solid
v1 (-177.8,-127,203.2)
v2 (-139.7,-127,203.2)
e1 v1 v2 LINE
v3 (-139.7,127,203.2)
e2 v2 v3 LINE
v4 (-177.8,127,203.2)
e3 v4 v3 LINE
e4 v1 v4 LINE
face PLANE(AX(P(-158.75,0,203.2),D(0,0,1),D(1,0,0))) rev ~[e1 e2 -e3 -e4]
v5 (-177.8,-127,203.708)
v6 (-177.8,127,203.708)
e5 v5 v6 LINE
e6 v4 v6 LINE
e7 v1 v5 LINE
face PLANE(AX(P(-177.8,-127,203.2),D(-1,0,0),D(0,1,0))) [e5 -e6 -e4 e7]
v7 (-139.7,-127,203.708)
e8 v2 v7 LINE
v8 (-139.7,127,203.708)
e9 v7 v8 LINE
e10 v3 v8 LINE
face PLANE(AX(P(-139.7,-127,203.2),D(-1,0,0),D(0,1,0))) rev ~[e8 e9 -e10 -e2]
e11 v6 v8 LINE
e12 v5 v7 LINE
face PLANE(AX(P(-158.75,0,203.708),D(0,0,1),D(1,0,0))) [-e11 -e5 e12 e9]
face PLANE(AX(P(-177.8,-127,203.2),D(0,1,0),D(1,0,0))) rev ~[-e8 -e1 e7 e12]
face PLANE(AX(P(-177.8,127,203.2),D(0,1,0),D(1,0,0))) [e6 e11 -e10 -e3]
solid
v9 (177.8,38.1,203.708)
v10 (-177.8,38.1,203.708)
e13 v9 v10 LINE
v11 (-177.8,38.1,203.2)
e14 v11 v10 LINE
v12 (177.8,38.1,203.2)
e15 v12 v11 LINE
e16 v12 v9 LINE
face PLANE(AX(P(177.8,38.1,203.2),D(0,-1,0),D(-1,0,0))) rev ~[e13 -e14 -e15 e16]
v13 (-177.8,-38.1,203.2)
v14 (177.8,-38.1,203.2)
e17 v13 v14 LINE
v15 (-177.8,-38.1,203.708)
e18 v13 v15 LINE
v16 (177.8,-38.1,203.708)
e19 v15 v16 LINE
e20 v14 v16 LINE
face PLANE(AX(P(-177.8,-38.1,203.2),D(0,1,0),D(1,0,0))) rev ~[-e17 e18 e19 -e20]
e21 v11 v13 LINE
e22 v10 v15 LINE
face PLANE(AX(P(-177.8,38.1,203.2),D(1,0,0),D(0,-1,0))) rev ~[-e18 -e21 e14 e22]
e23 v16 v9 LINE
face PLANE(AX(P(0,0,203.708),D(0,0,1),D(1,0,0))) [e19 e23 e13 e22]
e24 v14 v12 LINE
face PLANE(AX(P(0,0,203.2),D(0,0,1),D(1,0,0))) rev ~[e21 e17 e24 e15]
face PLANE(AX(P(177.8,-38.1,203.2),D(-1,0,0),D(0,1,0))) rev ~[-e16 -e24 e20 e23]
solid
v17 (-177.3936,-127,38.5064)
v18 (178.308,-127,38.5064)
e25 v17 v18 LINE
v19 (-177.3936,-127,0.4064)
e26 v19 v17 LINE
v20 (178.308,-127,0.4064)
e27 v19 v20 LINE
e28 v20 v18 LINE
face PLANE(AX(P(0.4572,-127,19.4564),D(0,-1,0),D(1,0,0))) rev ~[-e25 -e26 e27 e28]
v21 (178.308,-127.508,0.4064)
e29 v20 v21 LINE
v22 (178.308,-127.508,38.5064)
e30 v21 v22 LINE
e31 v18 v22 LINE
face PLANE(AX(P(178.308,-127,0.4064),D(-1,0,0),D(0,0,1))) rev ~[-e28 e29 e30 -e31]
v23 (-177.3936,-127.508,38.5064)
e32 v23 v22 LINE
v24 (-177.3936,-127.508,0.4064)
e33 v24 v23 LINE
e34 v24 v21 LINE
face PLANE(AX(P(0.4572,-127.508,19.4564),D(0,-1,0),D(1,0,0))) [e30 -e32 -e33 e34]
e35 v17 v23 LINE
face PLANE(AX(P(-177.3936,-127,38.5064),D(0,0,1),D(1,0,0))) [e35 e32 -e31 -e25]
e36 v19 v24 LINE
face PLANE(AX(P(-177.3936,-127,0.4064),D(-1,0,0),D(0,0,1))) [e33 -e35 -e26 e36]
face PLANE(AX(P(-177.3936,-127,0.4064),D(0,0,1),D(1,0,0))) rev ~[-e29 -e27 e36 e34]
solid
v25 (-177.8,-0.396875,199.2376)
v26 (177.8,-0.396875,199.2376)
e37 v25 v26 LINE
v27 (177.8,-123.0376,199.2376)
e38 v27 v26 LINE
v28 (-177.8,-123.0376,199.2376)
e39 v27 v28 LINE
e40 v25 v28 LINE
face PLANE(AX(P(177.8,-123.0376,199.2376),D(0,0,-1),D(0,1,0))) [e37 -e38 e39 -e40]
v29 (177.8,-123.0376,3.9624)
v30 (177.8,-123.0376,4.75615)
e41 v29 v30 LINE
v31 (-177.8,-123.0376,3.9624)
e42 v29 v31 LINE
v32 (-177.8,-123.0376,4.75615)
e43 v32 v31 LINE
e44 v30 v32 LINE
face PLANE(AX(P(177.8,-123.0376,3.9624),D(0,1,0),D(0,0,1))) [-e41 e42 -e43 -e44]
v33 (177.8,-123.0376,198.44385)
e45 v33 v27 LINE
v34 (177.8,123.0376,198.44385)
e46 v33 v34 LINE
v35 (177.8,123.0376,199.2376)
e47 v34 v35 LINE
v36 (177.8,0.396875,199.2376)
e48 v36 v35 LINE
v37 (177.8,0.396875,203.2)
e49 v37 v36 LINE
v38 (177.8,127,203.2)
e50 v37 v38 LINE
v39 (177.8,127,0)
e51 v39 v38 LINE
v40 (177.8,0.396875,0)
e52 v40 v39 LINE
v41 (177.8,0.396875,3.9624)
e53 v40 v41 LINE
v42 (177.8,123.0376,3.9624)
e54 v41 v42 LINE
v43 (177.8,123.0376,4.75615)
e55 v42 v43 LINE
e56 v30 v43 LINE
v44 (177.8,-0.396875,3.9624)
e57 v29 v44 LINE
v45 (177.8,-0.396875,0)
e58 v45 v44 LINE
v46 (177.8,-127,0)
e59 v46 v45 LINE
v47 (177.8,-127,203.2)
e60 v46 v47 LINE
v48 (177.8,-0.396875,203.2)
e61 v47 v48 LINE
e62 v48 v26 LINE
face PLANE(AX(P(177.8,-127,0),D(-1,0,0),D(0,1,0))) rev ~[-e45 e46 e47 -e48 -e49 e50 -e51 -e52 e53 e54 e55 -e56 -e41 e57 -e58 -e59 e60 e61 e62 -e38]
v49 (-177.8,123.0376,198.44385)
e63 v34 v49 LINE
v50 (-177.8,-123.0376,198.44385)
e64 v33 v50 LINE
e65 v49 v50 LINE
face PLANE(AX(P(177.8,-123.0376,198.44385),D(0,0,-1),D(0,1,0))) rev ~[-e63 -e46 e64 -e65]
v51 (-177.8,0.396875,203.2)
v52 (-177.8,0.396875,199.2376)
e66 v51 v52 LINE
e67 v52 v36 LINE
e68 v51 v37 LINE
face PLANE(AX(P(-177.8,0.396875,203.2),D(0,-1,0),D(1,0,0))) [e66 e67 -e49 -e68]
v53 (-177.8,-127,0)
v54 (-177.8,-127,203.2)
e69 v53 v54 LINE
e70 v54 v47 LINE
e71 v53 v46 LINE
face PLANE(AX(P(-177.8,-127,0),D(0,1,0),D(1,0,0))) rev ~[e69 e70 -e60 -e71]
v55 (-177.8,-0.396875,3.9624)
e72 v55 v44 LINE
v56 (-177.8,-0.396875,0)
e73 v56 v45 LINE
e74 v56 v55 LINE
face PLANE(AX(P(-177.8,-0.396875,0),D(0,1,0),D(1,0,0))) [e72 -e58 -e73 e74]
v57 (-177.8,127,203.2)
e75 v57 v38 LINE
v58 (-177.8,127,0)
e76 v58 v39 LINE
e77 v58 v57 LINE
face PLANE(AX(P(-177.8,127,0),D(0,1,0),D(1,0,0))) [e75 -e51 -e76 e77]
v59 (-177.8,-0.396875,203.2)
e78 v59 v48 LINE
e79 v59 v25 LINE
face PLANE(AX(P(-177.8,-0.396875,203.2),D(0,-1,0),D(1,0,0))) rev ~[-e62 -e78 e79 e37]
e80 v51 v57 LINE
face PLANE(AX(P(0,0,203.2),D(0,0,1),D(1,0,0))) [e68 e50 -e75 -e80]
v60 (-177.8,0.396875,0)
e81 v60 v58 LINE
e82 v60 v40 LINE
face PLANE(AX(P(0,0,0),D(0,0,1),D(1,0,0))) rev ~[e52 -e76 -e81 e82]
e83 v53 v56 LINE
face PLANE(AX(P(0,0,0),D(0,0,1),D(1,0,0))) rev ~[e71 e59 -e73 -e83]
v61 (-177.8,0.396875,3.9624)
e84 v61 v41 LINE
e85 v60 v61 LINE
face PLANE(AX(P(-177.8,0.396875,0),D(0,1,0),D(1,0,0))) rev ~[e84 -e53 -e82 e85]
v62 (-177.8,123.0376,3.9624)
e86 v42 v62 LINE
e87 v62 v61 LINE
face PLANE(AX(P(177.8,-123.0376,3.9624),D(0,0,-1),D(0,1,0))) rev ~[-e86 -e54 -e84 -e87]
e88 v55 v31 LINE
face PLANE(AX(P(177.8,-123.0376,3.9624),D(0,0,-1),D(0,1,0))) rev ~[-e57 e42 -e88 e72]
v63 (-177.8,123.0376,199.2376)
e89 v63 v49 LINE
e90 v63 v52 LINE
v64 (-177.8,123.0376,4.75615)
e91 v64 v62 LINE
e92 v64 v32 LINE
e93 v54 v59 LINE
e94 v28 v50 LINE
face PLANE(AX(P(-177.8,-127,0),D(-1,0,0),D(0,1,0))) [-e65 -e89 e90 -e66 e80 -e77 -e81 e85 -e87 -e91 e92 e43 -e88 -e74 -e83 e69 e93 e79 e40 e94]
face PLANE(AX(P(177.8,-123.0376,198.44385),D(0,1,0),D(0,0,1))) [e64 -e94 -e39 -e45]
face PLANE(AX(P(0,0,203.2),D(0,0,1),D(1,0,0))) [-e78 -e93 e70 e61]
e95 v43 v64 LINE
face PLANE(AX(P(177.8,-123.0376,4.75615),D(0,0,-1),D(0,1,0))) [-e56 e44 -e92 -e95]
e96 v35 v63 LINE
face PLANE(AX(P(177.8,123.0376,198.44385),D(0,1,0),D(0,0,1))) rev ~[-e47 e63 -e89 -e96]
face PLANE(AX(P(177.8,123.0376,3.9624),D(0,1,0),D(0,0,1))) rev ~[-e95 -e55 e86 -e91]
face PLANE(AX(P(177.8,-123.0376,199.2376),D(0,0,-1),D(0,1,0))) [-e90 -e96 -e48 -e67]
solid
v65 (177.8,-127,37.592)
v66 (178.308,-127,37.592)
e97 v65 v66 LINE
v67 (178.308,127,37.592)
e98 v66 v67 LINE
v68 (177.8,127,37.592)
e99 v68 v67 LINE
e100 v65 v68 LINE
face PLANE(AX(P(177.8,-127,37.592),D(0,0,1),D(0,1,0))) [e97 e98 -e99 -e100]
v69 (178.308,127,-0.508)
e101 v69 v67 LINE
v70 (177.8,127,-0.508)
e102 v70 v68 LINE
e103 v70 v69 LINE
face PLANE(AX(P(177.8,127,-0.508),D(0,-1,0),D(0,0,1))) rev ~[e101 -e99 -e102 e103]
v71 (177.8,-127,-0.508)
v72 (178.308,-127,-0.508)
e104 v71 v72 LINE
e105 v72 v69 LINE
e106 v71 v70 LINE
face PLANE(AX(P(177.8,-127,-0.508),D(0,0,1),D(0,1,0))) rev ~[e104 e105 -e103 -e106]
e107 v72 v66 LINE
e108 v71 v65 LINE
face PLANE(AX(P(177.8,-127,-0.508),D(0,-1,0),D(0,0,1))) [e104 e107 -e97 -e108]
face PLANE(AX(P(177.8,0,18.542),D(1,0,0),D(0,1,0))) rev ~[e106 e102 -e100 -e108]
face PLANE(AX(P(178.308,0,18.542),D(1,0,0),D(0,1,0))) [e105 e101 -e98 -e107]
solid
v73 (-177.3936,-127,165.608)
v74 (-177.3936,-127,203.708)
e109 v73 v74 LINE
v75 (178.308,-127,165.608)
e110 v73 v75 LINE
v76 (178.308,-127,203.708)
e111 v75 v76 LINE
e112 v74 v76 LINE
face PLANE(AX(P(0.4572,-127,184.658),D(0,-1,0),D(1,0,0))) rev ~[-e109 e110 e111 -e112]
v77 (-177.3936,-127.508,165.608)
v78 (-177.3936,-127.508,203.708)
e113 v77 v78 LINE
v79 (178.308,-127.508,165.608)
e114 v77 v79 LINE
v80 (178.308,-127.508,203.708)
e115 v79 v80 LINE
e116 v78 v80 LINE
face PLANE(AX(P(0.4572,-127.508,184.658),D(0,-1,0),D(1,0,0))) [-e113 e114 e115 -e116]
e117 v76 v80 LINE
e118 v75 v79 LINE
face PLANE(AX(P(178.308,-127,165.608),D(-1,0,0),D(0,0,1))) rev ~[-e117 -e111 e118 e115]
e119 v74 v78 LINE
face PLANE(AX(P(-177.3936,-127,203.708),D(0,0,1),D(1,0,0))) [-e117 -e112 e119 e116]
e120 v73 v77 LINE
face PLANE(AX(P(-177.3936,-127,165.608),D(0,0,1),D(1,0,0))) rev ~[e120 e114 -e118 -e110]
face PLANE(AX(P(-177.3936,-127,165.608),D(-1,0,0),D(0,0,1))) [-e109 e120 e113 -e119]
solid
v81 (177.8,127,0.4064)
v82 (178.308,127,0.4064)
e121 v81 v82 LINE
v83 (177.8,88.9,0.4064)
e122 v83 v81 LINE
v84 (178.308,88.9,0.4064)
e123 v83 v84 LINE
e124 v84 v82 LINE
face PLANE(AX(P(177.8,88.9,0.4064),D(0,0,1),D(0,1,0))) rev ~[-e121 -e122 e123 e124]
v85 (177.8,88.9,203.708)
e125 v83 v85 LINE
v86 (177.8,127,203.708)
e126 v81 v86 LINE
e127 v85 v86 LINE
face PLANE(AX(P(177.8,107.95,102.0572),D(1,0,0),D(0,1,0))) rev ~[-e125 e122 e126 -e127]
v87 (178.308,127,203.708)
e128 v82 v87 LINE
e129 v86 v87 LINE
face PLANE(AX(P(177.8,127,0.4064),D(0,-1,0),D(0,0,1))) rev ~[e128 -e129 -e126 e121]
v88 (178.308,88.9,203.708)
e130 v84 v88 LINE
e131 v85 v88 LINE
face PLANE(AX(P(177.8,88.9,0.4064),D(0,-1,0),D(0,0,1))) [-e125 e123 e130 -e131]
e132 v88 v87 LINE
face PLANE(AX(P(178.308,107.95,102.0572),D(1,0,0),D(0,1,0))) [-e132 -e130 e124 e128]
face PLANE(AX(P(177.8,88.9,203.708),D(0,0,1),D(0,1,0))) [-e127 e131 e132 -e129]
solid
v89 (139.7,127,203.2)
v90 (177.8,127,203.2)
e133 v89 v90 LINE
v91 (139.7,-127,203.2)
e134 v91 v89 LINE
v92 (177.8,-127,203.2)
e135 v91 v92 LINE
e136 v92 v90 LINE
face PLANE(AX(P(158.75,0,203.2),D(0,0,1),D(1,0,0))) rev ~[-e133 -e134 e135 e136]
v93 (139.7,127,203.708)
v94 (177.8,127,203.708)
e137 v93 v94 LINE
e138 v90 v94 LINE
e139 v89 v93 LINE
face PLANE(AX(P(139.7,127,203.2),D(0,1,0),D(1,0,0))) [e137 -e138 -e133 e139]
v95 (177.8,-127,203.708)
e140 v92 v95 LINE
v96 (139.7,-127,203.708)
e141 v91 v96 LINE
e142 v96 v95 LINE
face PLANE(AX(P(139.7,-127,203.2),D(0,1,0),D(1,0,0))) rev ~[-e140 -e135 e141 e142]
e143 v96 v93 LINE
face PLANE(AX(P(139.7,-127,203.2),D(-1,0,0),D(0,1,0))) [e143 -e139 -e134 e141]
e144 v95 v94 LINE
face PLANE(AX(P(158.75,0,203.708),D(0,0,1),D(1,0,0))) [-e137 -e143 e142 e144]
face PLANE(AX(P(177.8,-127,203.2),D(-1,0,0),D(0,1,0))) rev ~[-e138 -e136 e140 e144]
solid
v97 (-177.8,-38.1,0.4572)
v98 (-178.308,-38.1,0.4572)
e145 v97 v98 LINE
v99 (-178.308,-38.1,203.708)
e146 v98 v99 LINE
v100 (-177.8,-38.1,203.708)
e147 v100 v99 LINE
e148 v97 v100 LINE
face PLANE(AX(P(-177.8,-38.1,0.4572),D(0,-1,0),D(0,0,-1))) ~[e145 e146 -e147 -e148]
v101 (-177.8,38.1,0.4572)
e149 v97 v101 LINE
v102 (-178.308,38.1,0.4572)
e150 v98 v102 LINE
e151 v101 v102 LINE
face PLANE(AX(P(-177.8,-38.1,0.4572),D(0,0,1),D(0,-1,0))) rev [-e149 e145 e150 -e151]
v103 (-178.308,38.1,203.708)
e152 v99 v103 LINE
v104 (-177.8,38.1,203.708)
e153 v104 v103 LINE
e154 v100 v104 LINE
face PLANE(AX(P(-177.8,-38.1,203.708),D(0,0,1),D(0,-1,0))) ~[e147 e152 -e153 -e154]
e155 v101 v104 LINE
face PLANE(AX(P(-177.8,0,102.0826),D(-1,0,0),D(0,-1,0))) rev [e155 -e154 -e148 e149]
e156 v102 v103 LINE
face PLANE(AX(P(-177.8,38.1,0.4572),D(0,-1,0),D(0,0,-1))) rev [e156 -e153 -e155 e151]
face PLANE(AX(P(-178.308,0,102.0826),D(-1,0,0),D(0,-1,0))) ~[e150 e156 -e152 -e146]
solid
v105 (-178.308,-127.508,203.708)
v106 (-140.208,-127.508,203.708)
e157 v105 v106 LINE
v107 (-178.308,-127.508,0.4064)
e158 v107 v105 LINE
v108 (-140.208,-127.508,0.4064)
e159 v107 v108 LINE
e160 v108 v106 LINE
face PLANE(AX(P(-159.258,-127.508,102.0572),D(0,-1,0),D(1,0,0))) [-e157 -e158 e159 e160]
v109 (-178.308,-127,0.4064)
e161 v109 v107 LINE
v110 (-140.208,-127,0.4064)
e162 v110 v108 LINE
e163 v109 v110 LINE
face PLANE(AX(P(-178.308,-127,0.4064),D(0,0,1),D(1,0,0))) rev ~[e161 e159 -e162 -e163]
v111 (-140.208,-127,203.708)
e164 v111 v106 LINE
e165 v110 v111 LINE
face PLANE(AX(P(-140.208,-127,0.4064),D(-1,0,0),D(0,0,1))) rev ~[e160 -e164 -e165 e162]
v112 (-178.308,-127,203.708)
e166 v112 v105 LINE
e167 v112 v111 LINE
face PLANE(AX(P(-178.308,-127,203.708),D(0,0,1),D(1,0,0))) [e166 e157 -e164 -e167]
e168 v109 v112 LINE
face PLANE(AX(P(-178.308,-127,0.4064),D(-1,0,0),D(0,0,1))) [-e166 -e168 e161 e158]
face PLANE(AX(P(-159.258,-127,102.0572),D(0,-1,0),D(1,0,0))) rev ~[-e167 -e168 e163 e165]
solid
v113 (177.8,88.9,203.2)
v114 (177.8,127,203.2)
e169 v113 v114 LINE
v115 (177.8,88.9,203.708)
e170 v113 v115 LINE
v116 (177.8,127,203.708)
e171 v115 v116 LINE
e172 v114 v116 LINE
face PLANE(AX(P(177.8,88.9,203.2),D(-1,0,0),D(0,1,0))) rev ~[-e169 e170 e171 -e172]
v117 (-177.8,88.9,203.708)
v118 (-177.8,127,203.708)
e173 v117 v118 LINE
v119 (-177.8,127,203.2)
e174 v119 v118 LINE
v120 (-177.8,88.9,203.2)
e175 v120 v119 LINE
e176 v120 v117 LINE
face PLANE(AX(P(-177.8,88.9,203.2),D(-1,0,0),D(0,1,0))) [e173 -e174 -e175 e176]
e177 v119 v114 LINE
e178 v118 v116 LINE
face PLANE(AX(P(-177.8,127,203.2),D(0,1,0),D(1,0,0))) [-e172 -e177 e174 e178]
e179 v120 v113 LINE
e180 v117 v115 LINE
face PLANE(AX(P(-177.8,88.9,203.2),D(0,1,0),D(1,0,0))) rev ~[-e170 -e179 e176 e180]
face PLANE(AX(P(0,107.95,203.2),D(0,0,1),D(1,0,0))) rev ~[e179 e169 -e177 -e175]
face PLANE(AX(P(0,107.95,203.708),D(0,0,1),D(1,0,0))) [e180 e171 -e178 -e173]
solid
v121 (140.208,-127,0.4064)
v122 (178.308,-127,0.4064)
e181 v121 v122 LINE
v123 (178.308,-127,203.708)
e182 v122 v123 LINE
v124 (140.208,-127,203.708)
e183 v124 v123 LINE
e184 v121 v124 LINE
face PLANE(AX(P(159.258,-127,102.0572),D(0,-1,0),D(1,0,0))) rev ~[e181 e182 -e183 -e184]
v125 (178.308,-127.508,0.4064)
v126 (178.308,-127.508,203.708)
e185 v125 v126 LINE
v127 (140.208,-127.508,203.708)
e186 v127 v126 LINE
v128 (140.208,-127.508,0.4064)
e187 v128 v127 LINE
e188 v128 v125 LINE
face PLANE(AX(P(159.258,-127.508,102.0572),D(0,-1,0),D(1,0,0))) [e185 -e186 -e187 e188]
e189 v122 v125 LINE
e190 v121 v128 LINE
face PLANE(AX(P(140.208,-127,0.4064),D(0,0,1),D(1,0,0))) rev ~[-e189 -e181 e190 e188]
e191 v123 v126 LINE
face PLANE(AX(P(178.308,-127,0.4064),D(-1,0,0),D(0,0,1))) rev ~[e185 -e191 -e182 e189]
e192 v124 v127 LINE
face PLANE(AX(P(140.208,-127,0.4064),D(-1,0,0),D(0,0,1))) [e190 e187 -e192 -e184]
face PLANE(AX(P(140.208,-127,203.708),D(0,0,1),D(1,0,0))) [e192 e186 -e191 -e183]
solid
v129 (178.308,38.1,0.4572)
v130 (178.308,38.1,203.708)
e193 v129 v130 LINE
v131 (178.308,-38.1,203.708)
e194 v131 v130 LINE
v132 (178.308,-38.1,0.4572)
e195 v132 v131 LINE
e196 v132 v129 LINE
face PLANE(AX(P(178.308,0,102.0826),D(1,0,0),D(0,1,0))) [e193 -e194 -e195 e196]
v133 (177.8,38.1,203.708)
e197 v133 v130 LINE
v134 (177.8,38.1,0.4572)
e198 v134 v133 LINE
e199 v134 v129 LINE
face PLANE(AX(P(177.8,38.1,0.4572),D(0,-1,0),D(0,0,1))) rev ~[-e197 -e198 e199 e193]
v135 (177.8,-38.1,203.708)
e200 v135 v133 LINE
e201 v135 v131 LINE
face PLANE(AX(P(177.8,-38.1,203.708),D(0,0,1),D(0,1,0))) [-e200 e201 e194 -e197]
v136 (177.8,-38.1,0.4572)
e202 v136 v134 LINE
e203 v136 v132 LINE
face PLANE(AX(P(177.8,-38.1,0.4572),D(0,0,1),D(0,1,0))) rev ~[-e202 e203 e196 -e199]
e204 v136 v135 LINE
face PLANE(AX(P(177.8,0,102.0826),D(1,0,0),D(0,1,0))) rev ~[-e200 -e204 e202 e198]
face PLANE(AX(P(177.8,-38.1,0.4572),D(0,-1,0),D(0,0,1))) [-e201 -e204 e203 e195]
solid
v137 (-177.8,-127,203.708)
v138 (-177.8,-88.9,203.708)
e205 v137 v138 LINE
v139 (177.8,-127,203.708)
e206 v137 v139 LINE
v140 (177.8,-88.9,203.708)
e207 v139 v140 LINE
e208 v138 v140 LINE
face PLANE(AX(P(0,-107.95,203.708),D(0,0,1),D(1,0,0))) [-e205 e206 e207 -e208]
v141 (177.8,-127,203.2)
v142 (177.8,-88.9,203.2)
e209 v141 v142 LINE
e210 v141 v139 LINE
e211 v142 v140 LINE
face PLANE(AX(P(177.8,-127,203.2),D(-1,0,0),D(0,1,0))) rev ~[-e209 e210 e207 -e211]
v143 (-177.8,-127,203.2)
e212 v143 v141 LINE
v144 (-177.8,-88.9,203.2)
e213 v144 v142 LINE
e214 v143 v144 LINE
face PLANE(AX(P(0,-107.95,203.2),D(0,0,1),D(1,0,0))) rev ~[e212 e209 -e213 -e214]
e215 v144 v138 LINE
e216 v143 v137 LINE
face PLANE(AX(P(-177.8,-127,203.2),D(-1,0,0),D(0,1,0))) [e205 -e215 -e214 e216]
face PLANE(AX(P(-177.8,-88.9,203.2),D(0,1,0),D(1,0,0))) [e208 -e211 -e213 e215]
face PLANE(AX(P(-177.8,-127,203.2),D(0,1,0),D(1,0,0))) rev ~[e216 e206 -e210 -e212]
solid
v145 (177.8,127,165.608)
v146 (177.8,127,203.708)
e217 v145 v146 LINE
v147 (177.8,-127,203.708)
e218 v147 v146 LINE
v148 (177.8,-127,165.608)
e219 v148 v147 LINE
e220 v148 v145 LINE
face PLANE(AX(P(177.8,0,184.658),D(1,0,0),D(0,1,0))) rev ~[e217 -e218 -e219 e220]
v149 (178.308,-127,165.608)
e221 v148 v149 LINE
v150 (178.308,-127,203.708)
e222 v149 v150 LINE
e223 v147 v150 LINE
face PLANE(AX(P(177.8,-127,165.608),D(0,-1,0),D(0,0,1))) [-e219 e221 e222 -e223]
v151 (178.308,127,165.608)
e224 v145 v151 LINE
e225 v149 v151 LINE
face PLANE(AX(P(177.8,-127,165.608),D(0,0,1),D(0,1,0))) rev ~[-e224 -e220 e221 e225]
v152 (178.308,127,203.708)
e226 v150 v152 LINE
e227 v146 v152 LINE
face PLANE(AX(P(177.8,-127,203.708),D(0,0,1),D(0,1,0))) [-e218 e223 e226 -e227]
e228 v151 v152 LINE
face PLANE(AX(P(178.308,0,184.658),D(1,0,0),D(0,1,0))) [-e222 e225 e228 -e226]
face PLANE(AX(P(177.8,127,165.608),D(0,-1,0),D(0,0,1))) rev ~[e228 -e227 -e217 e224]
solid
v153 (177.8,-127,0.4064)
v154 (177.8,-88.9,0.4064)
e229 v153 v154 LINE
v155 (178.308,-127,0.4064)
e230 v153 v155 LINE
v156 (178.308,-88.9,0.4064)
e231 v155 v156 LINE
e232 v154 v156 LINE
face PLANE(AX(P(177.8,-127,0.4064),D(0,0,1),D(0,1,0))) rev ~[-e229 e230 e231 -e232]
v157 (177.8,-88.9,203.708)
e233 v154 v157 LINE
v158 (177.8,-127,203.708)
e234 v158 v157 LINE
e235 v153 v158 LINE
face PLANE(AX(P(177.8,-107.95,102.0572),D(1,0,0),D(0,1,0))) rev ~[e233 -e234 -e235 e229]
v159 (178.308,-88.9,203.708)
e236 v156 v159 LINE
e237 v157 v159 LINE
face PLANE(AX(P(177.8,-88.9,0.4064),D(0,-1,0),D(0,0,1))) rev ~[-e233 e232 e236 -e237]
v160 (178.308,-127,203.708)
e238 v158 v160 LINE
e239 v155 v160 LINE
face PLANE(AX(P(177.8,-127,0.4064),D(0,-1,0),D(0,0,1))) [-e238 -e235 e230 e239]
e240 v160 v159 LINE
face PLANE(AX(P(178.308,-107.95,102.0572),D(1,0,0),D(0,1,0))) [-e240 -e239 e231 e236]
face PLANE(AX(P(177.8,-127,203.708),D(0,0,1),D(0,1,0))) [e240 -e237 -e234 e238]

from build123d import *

# Parameters (mm, degrees)
F0_W      = 355.6
F0_H      = 254
F1_DEPTH  = 203.2
F2_W      = 355.6
F2_H      = 0.79375
F3_DEPTH  = 3.9624
F4_W      = 355.6
F4_H      = 0.79375
F5_DEPTH  = 3.9624
F7_DEPTH  = 0.508
F8_W      = 76.2
F8_H      = 203.2508
F9_DEPTH  = 0.508
F10_W     = 246.0752
F10_H     = 0.79375
F11_DEPTH = 355.601
F12_W     = 355.6
F12_H     = 38.1
F13_DEPTH = 0.508
F14_W     = 38.1
F14_H     = 254
F15_DEPTH = 0.508
F17_W     = 38.1
F17_H     = 203.3016
F18_DEPTH = 0.508
F19_W     = 254
F19_H     = 38.1
F20_DEPTH = 0.508
F21_W     = 355.7016
F21_H     = 38.1
F22_DEPTH = 0.508
F23_W     = 38.1
F23_H     = 203.3016
F24_DEPTH = 0.508


with BuildPart() as f1:
    # F0 (on Top) → F1 (new body)
    with BuildSketch(Plane.XY):
        Rectangle(F0_W, F0_H)
    extrude(amount=F1_DEPTH)

    # F2 (on face) → F3 (cut)
    with BuildSketch(Plane.XY.offset(203.2)):
        Rectangle(F2_W, F2_H)
    extrude(amount=-F3_DEPTH, mode=Mode.SUBTRACT)

    # F4 (on face) → F5 (cut)
    with BuildSketch(Plane(origin=(0, 0, 0), x_dir=(1, 0, 0), z_dir=(0, 0, -1))):
        Rectangle(F4_W, F4_H)
    extrude(amount=-F5_DEPTH, mode=Mode.SUBTRACT)

    # F10 (on face) → F11 (cut, through all)
    with BuildSketch(Plane.YZ.offset(177.8)):
        with Locations((0, 198.840725)):
            Rectangle(F10_W, F10_H)
        with Locations((0, 4.359275)):
            Rectangle(F10_W, F10_H)
    extrude(amount=-F11_DEPTH, mode=Mode.SUBTRACT)


with BuildPart() as f7:
    # F6 (on face) → F7 (new body)
    with BuildSketch(Plane.XY.offset(203.2)):
        Polygon((139.7, -38.1), (177.8, -38.1), (177.8, 38.1), (139.7, 38.1), (-139.7, 38.1), (-177.8, 38.1), (-177.8, -38.1), (-139.7, -38.1), align=None)
    extrude(amount=F7_DEPTH)


with BuildPart() as f9:
    # F8 (on face) → F9 (new body)
    with BuildSketch(Plane.YZ.offset(177.8)):
        with Locations((0, 102.0826)):
            Rectangle(F8_W, F8_H)
    extrude(amount=F9_DEPTH)


with BuildPart() as f13:
    # F12 (on face) → F13 (new body)
    with BuildSketch(Plane.XY.offset(203.2)):
        with Locations((0, -107.95)):
            Rectangle(F12_W, F12_H)
        with Locations((0, 107.95)):
            Rectangle(F12_W, F12_H)
    extrude(amount=F13_DEPTH)


with BuildPart() as f15:
    # F14 (on face) → F15 (new body)
    with BuildSketch(Plane.XY.offset(203.2)):
        with Locations((-158.75, 0)):
            Rectangle(F14_W, F14_H)
        with Locations((158.75, 0)):
            Rectangle(F14_W, F14_H)
    extrude(amount=F15_DEPTH)


with BuildPart() as f16_1:
    # F16: instance of F9
    add(f9.part.mirror(Plane.YZ))


with BuildPart() as f18:
    # F17 (on face) → F18 (new body)
    with BuildSketch(Plane.YZ.offset(177.8)):
        with Locations((-107.95, 102.0572)):
            Rectangle(F17_W, F17_H)
        with Locations((107.95, 102.0572)):
            Rectangle(F17_W, F17_H)
    extrude(amount=F18_DEPTH)


with BuildPart() as f20:
    # F19 (on face) → F20 (new body)
    with BuildSketch(Plane.YZ.offset(177.8)):
        with Locations((0, 184.658)):
            Rectangle(F19_W, F19_H)
        with Locations((0, 18.542)):
            Rectangle(F19_W, F19_H)
    extrude(amount=F20_DEPTH)


with BuildPart() as f22:
    # F21 (on face) → F22 (new body)
    with BuildSketch(Plane.XZ.offset(127)):
        with Locations((0.4572, 184.658)):
            Rectangle(F21_W, F21_H)
        with Locations((0.4572, 19.4564)):
            Rectangle(F21_W, F21_H)
    extrude(amount=F22_DEPTH)


with BuildPart() as f24:
    # F23 (on face) → F24 (new body)
    with BuildSketch(Plane.XZ.offset(127)):
        with Locations((159.258, 102.0572)):
            Rectangle(F23_W, F23_H)
        with Locations((-159.258, 102.0572)):
            Rectangle(F23_W, F23_H)
    extrude(amount=F24_DEPTH)


solid = Compound([f1.part, f7.part, f9.part, f13.part, f15.part, f16_1.part, f18.part, f20.part, f22.part, f24.part])
